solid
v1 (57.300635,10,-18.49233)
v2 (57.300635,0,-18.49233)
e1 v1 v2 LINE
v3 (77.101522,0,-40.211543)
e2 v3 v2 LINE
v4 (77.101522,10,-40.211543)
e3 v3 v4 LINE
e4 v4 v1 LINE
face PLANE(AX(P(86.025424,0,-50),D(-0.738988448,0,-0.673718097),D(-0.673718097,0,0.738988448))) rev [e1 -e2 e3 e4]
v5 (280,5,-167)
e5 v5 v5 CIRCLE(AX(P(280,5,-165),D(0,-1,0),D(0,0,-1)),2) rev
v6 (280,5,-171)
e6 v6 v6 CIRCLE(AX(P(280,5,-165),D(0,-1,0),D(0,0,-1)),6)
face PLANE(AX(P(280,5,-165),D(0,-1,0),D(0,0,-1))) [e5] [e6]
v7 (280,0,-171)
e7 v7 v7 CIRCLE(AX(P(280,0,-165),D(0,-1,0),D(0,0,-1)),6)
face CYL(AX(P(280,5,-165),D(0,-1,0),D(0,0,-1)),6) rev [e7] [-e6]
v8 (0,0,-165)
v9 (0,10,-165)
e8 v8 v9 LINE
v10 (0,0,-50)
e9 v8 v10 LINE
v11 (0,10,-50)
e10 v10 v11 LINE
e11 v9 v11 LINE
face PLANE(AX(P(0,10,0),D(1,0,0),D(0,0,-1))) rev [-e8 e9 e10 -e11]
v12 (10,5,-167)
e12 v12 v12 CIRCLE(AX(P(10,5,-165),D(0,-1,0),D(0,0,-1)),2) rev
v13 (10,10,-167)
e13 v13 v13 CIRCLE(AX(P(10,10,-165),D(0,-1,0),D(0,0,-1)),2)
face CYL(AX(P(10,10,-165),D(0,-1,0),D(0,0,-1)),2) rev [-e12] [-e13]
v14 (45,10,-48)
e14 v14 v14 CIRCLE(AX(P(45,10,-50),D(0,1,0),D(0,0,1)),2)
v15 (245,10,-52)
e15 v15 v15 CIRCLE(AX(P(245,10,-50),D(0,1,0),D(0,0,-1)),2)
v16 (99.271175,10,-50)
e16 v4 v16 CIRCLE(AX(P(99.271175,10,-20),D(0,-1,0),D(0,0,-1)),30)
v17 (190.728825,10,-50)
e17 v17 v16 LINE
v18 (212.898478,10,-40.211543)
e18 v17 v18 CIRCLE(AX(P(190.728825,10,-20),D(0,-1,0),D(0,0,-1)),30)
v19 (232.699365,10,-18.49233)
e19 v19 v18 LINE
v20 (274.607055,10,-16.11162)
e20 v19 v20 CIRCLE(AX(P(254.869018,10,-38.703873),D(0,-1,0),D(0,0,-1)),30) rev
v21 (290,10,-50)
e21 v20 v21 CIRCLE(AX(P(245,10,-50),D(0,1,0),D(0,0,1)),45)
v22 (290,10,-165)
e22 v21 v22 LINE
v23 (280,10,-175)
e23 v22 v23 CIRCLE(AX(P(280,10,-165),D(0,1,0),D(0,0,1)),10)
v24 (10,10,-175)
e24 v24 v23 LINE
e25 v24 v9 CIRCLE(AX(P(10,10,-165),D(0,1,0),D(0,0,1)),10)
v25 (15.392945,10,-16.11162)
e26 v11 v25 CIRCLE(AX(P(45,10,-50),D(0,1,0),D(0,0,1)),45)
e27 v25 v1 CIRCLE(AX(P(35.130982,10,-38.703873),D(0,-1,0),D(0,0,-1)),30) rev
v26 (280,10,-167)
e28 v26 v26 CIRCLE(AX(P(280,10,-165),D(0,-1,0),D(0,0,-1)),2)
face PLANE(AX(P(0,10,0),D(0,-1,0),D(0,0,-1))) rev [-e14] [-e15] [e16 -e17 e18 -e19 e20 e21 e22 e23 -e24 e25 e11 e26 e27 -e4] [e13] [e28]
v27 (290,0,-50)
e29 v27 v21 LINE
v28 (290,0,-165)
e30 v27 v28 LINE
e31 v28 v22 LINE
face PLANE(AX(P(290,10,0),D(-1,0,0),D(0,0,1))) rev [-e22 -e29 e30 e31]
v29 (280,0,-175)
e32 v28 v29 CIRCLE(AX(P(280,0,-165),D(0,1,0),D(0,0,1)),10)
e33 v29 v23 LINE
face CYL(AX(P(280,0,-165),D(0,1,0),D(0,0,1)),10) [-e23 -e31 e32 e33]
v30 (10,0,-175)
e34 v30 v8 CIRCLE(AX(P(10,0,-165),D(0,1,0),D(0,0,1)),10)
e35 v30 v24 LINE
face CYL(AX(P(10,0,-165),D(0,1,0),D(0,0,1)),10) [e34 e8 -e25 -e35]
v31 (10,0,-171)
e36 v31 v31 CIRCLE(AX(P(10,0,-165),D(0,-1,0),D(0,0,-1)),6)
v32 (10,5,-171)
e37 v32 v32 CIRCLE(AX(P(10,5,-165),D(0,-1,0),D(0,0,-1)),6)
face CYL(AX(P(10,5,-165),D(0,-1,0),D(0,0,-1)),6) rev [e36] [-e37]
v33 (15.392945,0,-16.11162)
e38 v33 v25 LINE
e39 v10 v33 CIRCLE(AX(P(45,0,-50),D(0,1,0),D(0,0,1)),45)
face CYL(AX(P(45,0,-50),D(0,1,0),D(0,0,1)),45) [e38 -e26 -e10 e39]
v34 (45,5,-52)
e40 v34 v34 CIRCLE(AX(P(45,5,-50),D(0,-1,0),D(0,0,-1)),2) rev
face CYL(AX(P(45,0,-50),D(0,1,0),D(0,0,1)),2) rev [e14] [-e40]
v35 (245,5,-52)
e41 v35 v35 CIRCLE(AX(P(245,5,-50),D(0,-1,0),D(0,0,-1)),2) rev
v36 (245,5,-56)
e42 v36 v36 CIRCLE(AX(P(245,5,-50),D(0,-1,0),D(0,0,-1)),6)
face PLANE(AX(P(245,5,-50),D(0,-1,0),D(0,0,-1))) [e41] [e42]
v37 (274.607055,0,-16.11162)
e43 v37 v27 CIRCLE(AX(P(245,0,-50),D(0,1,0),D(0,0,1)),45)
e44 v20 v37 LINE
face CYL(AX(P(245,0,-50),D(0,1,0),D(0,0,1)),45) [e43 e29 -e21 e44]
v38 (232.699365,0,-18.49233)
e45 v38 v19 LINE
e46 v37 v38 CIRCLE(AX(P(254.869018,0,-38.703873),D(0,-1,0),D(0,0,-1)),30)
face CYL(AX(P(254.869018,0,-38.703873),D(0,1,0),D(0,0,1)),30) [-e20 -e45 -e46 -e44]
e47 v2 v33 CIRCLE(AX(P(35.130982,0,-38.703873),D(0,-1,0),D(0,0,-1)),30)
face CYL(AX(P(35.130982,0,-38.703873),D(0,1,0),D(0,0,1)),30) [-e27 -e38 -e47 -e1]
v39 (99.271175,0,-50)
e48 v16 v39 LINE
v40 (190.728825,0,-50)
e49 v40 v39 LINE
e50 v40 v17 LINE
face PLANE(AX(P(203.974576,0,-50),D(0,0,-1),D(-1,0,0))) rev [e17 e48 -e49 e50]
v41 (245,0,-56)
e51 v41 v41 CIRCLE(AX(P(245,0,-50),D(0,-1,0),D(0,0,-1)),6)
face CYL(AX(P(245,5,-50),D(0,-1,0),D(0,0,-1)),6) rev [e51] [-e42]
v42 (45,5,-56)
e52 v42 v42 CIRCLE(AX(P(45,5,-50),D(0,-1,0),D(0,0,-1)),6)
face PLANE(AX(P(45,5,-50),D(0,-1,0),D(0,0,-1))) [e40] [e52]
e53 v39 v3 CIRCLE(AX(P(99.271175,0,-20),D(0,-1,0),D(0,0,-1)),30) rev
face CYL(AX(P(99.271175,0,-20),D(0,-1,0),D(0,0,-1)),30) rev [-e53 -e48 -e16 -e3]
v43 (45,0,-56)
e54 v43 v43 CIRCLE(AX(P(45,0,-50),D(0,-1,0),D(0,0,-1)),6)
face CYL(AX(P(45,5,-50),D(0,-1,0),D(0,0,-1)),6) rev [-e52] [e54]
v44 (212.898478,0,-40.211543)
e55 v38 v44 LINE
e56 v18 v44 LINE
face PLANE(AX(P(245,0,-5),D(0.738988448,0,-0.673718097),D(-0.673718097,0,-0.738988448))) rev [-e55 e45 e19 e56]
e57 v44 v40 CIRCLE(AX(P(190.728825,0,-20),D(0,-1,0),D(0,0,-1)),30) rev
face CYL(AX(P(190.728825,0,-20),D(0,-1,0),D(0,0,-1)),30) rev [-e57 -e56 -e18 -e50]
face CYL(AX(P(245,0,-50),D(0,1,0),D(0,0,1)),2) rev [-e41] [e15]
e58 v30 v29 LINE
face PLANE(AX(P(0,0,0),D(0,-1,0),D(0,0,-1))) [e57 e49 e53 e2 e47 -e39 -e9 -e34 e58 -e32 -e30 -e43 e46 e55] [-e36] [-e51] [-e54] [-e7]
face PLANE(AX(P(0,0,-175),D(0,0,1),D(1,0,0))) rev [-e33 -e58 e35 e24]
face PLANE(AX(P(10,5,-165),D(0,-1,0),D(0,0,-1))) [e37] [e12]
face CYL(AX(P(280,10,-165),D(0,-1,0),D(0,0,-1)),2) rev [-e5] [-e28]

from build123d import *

# Parameters (mm, degrees)
ESQUISSE2_W              = 290
ESQUISSE2_H              = 184.53
BOSS_EXTRU_1_DEPTH       = 10
ESQUISSE9_R              = 2
ENL_V_MAT_EXTRU_7_DEPTH  = 10
ESQUISSE12_R             = 2
ENL_V_MAT_EXTRU_10_DEPTH = 10
ENL_V_MAT_EXTRU_12_DEPTH = 10
ENL_V_MAT_EXTRU_13_DEPTH = 10
CONG_1_R                 = 30
CONG_2_R                 = 30
ESQUISSE16_R             = 6
ENL_V_MAT_EXTRU_14_DEPTH = 5


with BuildPart() as part:
    # Esquisse2 → Boss.-Extru.1 (new body)
    with BuildSketch(Plane(origin=(0, 0, 0), x_dir=(1, 0, 0), z_dir=(0, 1, 0))):
        with Locations((145, 92.265)):
            Rectangle(ESQUISSE2_W, ESQUISSE2_H)
    extrude(amount=BOSS_EXTRU_1_DEPTH)

    # Esquisse9 → Enlèv. mat.-Extru.7 (cut)
    with BuildSketch(Plane(origin=(0, 10, 0), x_dir=(1, 0, 0), z_dir=(0, 1, 0))):
        with Locations((45, 50)):
            Circle(ESQUISSE9_R)
        with Locations((245, 50)):
            Circle(ESQUISSE9_R)
    extrude(amount=-ENL_V_MAT_EXTRU_7_DEPTH, mode=Mode.SUBTRACT)

    # Esquisse12 → Enlèv. mat.-Extru.10 (cut)
    with BuildSketch(Plane.XZ):
        with Locations((10, -165)):
            Circle(ESQUISSE12_R)
        with Locations((280, -165)):
            Circle(ESQUISSE12_R)
    extrude(amount=-ENL_V_MAT_EXTRU_10_DEPTH, mode=Mode.SUBTRACT)

    # Esquisse14 → Enlèv. mat.-Extru.12 (cut)
    with BuildSketch(Plane(origin=(0, 10, 0), x_dir=(1, 0, 0), z_dir=(0, 1, 0))):
        with BuildLine():
            Line((0, 184.53), (0, 165))
            ThreePointArc((0, 165), (2.928932188, 172.071067812), (10, 175))
            Line((10, 175), (280, 175))
            ThreePointArc((280, 175), (287.071067812, 172.071067812), (290, 165))
            Line((290, 165), (290, 184.53))
            Line((290, 184.53), (0, 184.53))
        make_face()
        with BuildLine():
            Line((245, 5), (45, 5))
            ThreePointArc((45, 5), (13.180194847, 18.180194847), (0, 50))
            Line((0, 50), (0, 0))
            Line((0, 0), (290, 0))
            Line((290, 0), (290, 50))
            ThreePointArc((290, 50), (276.819805153, 18.180194847), (245, 5))
        make_face()
    extrude(amount=-ENL_V_MAT_EXTRU_12_DEPTH, mode=Mode.SUBTRACT)

    # Esquisse15 → Enlèv. mat.-Extru.13 (cut)
    with BuildSketch(Plane(origin=(0, 10, 0), x_dir=(1, 0, 0), z_dir=(0, 1, 0))):
        Polygon((245, 5), (203.974576033, 50), (86.025423967, 50), (45, 5), align=None)
    extrude(amount=-ENL_V_MAT_EXTRU_13_DEPTH, mode=Mode.SUBTRACT)

    # Congé1
    cong_1_edges = [part.edges().sort_by_distance(p)[0] for p in [
        (86.025423967, 5, -50),
        (203.974576033, 5, -50),
    ]]
    fillet(cong_1_edges, radius=CONG_1_R)

    # Congé2
    cong_2_edges = [part.edges().sort_by_distance(p)[0] for p in [
        (45, 5, -5),
        (245, 5, -5),
    ]]
    fillet(cong_2_edges, radius=CONG_2_R)

    # Esquisse16 → Enlèv. mat.-Extru.14 (cut)
    with BuildSketch(Plane.XZ):
        with Locations((45, -50)):
            Circle(ESQUISSE16_R)
        with Locations((245, -50)):
            Circle(ESQUISSE16_R)
        with Locations((280, -165)):
            Circle(ESQUISSE16_R)
        with Locations((10, -165)):
            Circle(ESQUISSE16_R)
    extrude(amount=-ENL_V_MAT_EXTRU_14_DEPTH, mode=Mode.SUBTRACT)


solid = part.part
